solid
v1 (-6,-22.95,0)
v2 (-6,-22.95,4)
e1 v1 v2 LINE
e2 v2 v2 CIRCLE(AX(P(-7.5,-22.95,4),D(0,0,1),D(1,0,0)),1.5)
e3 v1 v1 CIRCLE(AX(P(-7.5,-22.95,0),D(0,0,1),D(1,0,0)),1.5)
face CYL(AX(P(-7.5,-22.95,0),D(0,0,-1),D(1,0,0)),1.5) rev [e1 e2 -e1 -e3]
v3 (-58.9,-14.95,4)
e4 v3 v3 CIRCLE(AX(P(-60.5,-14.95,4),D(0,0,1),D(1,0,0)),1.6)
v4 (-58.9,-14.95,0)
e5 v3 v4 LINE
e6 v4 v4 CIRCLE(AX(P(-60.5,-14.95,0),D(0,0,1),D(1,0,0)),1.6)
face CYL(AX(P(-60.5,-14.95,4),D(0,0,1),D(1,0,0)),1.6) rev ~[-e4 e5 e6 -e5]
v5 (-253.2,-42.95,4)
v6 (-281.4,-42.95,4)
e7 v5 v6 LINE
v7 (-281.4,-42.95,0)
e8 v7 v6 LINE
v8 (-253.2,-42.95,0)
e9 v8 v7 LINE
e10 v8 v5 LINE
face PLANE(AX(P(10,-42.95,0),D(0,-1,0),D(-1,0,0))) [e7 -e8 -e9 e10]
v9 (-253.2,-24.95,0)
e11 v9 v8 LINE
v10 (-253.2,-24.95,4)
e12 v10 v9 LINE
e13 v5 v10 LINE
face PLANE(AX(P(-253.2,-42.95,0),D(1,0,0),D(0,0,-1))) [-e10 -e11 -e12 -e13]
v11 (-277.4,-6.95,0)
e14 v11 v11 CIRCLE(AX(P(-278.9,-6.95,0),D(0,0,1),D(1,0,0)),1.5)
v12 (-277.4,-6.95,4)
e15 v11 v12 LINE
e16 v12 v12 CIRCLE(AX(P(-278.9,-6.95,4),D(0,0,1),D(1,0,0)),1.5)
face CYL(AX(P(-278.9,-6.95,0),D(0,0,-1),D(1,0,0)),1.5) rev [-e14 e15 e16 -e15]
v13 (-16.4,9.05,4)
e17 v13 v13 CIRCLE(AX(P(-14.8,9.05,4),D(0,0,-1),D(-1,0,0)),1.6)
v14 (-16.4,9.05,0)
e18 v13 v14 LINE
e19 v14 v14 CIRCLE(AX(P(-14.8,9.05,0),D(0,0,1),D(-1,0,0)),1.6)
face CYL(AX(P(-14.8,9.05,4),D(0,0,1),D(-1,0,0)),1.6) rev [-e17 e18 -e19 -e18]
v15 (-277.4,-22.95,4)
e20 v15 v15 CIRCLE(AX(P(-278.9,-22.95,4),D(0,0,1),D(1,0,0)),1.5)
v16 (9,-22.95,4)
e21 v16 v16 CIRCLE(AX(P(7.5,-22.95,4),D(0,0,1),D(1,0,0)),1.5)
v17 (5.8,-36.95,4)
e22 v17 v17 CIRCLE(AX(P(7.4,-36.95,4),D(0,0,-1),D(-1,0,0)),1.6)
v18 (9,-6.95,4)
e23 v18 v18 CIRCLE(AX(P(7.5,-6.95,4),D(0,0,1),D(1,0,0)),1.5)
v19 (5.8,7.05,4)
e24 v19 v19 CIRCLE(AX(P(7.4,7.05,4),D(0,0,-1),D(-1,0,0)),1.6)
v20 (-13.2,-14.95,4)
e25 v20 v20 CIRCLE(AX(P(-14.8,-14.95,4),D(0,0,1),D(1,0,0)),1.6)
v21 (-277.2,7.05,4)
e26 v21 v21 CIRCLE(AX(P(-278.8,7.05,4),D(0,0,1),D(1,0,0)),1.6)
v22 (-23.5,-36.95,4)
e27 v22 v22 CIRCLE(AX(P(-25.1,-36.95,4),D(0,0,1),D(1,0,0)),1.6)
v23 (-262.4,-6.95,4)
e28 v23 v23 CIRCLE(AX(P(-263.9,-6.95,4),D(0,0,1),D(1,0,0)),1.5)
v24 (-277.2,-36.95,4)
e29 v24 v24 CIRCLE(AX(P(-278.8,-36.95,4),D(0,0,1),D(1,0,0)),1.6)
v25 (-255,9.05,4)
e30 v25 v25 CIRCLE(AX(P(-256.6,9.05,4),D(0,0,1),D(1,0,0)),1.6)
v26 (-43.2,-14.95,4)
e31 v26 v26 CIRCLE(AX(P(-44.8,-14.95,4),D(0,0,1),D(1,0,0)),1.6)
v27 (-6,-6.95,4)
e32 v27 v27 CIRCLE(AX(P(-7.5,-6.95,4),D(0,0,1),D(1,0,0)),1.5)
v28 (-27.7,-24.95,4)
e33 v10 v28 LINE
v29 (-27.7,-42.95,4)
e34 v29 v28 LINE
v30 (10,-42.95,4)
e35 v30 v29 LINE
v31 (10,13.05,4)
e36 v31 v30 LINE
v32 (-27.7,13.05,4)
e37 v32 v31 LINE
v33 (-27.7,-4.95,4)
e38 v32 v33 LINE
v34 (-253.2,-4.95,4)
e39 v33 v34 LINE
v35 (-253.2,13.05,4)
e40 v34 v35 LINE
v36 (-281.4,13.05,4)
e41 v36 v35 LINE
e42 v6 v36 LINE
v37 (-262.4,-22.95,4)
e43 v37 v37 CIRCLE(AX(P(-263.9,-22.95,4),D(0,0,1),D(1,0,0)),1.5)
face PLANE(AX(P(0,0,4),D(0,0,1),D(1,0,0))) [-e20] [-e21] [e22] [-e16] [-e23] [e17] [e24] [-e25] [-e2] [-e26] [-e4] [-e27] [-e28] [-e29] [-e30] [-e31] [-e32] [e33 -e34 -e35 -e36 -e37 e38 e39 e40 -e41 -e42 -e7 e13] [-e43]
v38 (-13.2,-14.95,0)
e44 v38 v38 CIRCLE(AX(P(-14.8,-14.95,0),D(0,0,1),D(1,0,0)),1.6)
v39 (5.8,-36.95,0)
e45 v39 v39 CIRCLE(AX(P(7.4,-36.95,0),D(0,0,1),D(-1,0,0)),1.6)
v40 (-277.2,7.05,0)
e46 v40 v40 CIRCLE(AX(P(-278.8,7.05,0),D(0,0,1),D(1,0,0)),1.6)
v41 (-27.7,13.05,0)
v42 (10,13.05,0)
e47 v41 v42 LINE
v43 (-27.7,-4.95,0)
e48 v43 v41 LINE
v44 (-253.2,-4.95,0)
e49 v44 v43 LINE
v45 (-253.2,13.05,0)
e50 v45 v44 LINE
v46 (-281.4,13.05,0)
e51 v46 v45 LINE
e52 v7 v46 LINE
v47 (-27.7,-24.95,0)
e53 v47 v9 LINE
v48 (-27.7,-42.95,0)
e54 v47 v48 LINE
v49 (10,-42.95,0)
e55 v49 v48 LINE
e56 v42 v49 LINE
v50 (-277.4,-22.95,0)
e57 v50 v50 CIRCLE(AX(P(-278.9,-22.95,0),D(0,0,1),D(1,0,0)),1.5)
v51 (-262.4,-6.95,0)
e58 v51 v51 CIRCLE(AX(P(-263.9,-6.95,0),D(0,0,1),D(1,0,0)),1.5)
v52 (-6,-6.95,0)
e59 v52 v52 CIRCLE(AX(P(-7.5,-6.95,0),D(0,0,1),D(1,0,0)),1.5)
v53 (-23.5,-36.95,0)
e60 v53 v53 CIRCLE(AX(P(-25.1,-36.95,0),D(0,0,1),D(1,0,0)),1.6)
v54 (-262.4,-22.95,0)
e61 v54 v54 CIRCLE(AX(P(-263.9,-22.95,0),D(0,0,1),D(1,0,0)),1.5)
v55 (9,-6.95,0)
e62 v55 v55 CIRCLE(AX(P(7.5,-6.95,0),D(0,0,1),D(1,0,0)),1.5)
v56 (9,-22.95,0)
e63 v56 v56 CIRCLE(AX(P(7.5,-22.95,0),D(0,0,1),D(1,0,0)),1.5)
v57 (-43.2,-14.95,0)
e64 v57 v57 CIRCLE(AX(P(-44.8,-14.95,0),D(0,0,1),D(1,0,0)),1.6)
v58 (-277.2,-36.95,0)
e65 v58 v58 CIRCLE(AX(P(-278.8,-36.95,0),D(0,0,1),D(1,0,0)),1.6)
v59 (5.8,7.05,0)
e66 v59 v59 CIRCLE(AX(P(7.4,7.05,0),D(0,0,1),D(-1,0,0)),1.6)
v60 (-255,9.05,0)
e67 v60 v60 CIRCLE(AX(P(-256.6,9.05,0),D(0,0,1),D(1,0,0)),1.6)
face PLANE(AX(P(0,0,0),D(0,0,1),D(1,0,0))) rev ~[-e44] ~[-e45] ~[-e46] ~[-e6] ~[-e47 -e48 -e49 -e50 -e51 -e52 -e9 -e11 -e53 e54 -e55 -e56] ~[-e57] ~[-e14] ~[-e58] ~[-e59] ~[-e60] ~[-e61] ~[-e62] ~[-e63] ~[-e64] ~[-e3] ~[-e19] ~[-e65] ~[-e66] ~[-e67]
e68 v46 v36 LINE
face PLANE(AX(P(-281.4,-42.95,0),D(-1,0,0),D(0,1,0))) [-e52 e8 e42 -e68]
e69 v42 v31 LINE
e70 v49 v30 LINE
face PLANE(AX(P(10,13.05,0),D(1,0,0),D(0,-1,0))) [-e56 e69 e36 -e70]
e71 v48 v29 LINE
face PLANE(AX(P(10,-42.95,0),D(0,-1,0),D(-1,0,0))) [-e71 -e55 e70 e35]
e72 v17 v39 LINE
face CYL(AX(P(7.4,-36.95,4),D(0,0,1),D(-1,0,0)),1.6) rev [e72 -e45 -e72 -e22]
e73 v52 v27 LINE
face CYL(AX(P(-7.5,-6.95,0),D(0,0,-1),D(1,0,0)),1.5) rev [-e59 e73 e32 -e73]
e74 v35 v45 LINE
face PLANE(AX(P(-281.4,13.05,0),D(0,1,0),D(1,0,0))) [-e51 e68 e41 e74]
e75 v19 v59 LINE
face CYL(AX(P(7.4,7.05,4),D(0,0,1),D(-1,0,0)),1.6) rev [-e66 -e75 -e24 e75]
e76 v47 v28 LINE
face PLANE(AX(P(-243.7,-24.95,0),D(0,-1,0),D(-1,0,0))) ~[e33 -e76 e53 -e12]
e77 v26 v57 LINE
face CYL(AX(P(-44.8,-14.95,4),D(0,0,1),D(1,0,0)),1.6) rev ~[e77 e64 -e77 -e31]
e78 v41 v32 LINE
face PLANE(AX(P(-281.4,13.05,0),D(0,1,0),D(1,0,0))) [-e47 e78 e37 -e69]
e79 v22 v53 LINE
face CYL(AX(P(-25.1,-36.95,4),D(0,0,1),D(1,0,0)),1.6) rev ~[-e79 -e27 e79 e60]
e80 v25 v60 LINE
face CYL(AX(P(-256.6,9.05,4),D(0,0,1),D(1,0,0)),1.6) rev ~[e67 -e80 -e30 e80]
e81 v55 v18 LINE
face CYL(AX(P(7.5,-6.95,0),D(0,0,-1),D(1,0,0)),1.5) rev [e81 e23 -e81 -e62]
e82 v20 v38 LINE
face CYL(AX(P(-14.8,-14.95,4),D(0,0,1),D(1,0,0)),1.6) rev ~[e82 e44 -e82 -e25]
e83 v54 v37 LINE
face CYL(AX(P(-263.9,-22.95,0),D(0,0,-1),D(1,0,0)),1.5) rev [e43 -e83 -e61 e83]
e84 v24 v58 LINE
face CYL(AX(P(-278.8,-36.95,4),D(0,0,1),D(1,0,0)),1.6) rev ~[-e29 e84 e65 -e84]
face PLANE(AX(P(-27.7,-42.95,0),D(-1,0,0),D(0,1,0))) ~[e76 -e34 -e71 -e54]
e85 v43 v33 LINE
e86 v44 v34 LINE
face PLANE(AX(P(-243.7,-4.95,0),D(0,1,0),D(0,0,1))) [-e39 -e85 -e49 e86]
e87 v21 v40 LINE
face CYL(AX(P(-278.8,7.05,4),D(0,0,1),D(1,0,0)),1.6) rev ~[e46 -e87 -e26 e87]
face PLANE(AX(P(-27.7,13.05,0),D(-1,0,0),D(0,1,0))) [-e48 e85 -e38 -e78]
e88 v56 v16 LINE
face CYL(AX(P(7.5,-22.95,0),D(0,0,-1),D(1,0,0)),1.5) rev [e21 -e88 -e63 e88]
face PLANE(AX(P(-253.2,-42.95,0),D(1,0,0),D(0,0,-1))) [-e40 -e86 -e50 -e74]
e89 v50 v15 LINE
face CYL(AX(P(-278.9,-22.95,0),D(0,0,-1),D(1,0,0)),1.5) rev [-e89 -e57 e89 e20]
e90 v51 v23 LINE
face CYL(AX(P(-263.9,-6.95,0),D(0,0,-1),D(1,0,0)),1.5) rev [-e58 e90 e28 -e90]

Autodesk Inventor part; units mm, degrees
ref_plane "YZ Plane" through (0, 0, 0) normal (1, 0, 0) x (0, 1, 0)
ref_plane "XZ Plane" through (0, 0, 0) normal (0, 1, 0) x (-1, 0, 0)
ref_plane "XY Plane" through (0, 0, 0) normal (0, 0, 1) x (1, 0, 0)
sketch "Эскиз1" plane through (0, 0, 0) normal (0, 0, 1) x (1, 0, 0)
  circle A0 centre (-7.5, -22.95) radius 1.5 projected
  circle A1 centre (7.5, -22.95) radius 1.5 projected
  circle A2 centre (7.5, -6.95) radius 1.5 projected
  circle A3 centre (-7.5, -6.95) radius 1.5 projected
  line L0 (-281.4, 13.05) -> (10, 13.05)
  line L1 (10, 13.05) -> (10, -42.95)
  line L2 (10, -42.95) -> (-281.4, -42.95)
  line L3 (-281.4, -42.95) -> (-281.4, 13.05)
  line L4 (-281.4, 13.05) -> (10, -42.95) construction
  line L5 (10, 13.05) -> (-281.4, -42.95) construction
  line L6 (-135.7, -14.95) -> (-135.7, -42.95) construction
  circle A4 centre (-263.9, -22.95) radius 1.5
  circle A5 centre (-278.9, -22.95) radius 1.5
  circle A6 centre (-278.9, -6.95) radius 1.5
  circle A7 centre (-263.9, -6.95) radius 1.5
  point P0 (0, 0)
  dimension "d5" = 291.4
  dimension "d8" = 2.5
  dimension "d9" = 20
  dimension "d10" = 20
extrude "Выдавливание1" add sketch "Эскиз1" along normal blind 4
sketch "Эскиз4" plane through (0, 0, 0) normal (0, 0, -1) x (-1, 0, 0)
  line L0 (27.7, 31.05) -> (243.7, 31.05)
  line L1 (243.7, 31.05) -> (243.7, -4.95)
  line L2 (243.7, -4.95) -> (27.7, -4.95)
  line L3 (27.7, -4.95) -> (27.7, 31.05)
  line L4 (-10, 13.05) -> (281.4, 13.05) projected
  line L5 (27.7, 31.05) -> (243.7, -4.95) construction
  line L6 (243.7, 31.05) -> (27.7, -4.95) construction
  point P0 (0, 0)
  point P1 (135.7, 13.05)
  point P2 (243.7, 13.05)
  dimension "d13" = 18
  dimension "d14" = 216
extrude "Выдавливание3" cut sketch "Эскиз4" against normal blind 4
ref_plane "РабПлоскость1" through (-281.4, -14.95, 0) normal (0, -1, 0) x (1, 0, 0)
mirror "Зеркальное отражение1" about plane through (-281.4, -14.95, 0) normal (0, -1, 0) of "Выдавливание3"
sketch "Эскиз8" plane through (0, 0, 4) normal (0, 0, 1) x (1, 0, 0)
  circle A0 centre (-278.8, -36.95) radius 1.6 projected
  line L0 (-243.7, -42.95) -> (-243.7, -24.95) projected
  line L1 (-281.4, -42.95) -> (-243.7, -42.95) projected
  circle A1 centre (-278.8, 7.05) radius 1.6
  point P0 (0, 0)
  dimension "d48" = 3.2
  dimension "d49" = 44
extrude "Выдавливание7" cut sketch "Эскиз8" against normal blind 10
ref_plane "РабПлоскость2" through (-135.7, -42.95, 0) normal (-1, 0, 0) x (0, 0, 1)
mirror "Зеркальное отражение2" about plane through (-135.7, -42.95, 0) normal (-1, 0, 0) of "Выдавливание7"
sketch "Эскиз10" plane through (0, 0, 4) normal (0, 0, 1) x (1, 0, 0)
  circle A0 centre (7.4, -36.95) radius 1.6 projected
  circle A1 centre (-25.1, -36.95) radius 1.6
  point P0 (0, 0)
  dimension "d50" = 3.2
  dimension "d51" = 32.5
extrude "Выдавливание8" cut sketch "Эскиз10" against normal blind 10
sketch "Эскиз11" plane through (0, 0, 4) normal (0, 0, 1) x (1, 0, 0)
  circle A0 centre (-256.6, 9.05) radius 1.6 projected
  point P0 (0, 0)
extrude "Выдавливание9" cut sketch "Эскиз11" against normal blind 10
mirror "Зеркальное отражение4" about plane through (-135.7, -42.95, 0) normal (-1, 0, 0) of "Выдавливание9"
sketch "Эскиз12" plane through (0, 0, 4) normal (0, 0, 1) x (1, 0, 0)
  circle A0 centre (-14.8, -14.95) radius 1.6
  line L0 (-243.7, -24.95) -> (-27.7, -24.95) projected
  circle A1 centre (-14.8, 9.05) radius 1.6 projected
  line L1 (-14.8, -24.95) -> (-14.8, 9.05) construction
  circle A2 centre (-60.5, -14.95) radius 1.6
  circle A3 centre (-44.8, -14.95) radius 1.6 projected
  point P0 (0, 0)
  dimension "d56" = 3.2
  dimension "d57" = 10
  dimension "d58" = 3.2
  dimension "d59" = 45.7
extrude "Выдавливание10" cut sketch "Эскиз12" against normal blind 10 contours A0 | A2 | A3
sketch "Эскиз14" plane through (-243.7, -42.95, 0) normal (1, 0, 0) x (0, 0, -1)
  line L0 (0, 56) -> (0, 38) construction
  line L1 (0, 38) -> (0, 18) construction
  line L2 (0, 18) -> (-4, 18) construction
  line L3 (-4, 0) -> (-4, 18) construction
  line L4 (0, 0) -> (-4, 0) construction
  line L5 (0, 18) -> (0, 0) construction
  line L6 (-4, 56) -> (0, 56) construction
  line L7 (-4, 38) -> (-4, 56) construction
  line L8 (-4, 38) -> (0, 38) construction
  line L9 (-4, 18) -> (-4, 38) construction
  line L10 (-4, 56) -> (0, 56)
  line L11 (0, 56) -> (0, 38)
  line L12 (0, 38) -> (-4, 38)
  line L13 (-4, 38) -> (-4, 56)
  line L14 (-4, 0) -> (-4, 18) projected
  line L15 (0, 18) -> (0, 0) projected
  line L16 (-4, 18) -> (0, 18)
  line L17 (0, 18) -> (0, 0)
  line L18 (0, 0) -> (-4, 0)
  line L19 (-4, 0) -> (-4, 18)
  point P0 (0, 42.95)
  point P1 (0, 18)
extrude "Выдавливание12" cut sketch "Эскиз14" against normal blind 9.5
properties part number "центр_рейка" material "Древесина (береза)"
